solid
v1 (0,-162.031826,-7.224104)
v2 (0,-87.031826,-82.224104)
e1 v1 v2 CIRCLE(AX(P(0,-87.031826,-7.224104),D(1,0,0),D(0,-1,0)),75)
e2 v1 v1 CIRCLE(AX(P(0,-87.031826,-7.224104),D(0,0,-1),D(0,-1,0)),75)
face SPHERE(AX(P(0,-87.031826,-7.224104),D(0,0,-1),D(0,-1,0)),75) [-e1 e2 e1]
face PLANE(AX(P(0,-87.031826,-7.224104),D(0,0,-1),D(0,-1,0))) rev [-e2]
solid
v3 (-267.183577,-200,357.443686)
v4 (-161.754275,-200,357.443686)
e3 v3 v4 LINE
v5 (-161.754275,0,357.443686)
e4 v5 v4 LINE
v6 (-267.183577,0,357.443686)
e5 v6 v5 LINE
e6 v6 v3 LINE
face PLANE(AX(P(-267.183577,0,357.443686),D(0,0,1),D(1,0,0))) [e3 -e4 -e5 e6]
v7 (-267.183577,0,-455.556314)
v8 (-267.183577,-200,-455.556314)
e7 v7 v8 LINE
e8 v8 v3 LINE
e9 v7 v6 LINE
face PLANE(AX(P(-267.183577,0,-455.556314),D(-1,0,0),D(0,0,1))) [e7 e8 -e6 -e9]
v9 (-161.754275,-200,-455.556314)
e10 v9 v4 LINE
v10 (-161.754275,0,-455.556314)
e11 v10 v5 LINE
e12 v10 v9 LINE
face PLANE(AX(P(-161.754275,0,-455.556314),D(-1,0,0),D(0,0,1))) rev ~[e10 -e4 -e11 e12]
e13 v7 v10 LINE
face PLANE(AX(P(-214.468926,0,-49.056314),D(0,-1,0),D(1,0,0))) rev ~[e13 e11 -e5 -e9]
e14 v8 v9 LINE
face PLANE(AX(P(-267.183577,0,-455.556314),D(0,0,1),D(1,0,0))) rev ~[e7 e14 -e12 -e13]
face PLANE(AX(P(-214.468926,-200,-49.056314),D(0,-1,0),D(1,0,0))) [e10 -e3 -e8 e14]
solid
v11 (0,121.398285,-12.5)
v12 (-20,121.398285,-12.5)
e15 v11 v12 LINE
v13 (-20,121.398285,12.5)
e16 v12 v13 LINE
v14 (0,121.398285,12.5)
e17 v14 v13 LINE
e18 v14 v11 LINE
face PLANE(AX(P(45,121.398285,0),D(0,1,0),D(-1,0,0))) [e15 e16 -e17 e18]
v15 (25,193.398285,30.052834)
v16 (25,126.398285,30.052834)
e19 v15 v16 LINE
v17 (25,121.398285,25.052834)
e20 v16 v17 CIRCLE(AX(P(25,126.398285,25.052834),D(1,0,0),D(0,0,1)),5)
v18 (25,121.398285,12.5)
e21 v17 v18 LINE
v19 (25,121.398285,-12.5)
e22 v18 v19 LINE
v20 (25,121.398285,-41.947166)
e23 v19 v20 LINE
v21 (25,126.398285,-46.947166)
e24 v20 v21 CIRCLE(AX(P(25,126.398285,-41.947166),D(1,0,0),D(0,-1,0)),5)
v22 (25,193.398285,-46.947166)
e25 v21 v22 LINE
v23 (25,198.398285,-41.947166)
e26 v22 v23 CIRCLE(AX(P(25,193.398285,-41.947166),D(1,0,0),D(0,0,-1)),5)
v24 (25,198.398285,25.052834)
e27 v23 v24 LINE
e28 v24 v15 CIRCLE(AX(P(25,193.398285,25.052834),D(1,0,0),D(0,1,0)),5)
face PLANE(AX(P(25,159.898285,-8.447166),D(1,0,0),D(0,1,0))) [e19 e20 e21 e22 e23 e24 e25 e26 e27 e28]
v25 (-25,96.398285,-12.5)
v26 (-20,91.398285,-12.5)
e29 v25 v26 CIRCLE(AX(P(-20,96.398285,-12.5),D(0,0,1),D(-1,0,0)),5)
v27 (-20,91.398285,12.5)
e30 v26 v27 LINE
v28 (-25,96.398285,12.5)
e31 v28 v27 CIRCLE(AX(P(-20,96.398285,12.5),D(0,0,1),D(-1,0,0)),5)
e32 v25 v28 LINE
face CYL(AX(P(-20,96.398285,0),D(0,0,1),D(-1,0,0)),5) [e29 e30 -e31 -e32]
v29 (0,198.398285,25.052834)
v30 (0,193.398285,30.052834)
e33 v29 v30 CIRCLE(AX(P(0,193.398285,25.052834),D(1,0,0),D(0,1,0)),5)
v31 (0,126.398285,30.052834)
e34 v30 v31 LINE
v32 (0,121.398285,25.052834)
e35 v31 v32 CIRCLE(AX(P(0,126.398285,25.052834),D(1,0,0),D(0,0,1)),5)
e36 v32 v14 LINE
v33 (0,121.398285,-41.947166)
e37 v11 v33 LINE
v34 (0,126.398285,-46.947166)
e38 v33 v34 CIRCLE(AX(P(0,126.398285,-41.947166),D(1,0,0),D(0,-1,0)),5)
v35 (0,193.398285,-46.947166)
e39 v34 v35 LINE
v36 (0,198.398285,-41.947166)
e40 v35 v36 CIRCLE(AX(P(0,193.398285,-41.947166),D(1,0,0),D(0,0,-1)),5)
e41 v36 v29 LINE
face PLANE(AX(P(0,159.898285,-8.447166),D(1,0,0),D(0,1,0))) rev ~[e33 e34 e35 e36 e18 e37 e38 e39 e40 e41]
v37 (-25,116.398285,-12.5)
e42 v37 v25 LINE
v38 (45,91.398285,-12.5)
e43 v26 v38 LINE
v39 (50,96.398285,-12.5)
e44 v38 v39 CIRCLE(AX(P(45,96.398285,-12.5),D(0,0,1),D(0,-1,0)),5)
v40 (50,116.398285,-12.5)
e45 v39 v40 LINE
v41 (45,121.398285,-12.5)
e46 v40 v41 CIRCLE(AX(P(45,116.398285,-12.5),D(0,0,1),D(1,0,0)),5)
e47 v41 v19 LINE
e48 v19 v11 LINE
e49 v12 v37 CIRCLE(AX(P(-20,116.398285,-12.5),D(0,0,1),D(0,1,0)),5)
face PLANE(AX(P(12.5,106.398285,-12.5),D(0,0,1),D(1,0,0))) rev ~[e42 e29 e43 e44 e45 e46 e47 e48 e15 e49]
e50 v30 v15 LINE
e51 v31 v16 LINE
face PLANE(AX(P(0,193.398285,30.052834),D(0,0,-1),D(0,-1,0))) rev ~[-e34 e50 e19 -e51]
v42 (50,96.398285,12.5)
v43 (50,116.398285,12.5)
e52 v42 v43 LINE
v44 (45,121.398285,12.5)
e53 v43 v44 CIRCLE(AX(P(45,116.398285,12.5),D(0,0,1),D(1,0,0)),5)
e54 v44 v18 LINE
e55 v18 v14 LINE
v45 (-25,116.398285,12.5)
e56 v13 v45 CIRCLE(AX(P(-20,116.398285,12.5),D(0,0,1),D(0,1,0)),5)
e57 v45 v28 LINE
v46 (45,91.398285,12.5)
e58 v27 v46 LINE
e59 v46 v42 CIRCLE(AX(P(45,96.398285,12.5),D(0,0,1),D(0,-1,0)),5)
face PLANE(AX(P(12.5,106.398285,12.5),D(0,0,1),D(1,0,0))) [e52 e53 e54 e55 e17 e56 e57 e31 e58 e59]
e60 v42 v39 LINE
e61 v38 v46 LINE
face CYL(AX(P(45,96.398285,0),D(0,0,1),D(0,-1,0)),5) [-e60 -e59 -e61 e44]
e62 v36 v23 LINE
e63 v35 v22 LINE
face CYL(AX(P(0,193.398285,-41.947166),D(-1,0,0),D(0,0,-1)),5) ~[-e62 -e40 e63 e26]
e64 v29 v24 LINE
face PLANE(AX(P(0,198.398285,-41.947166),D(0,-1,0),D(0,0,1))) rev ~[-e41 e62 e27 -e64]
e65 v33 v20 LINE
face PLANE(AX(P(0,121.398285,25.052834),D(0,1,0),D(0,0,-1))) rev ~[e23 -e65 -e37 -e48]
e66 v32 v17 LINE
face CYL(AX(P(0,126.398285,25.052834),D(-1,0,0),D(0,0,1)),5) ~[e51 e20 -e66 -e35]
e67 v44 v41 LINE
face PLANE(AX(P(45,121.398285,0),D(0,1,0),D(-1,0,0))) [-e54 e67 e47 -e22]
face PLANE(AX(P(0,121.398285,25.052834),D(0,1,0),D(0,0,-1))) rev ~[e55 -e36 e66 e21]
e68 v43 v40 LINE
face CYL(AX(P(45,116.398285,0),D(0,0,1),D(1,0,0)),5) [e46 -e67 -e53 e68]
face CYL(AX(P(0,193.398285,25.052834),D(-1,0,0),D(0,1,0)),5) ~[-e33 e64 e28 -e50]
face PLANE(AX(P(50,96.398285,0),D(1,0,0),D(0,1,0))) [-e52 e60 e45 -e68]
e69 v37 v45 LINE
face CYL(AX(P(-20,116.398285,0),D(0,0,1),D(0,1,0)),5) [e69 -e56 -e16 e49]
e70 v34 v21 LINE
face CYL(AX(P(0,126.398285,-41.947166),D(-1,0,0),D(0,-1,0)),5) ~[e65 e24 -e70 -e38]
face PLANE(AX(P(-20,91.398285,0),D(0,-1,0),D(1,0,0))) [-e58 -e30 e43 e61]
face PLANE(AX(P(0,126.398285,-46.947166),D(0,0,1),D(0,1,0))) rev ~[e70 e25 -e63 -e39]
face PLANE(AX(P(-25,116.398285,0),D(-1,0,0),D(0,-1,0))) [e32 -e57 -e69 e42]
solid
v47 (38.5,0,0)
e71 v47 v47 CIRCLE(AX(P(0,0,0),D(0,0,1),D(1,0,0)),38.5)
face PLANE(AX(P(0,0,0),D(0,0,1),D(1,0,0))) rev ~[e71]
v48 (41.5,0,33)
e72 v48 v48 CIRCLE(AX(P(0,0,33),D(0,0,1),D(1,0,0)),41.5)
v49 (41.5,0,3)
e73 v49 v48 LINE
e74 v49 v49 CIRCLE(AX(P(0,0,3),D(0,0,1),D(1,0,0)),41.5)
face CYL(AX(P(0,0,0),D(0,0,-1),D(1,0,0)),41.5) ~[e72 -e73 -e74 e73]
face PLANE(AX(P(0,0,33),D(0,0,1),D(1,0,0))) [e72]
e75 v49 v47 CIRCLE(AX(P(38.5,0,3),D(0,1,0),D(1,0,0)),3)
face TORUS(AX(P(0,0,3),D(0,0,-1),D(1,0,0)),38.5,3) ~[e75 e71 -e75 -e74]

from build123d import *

# Parameters (mm, degrees)
F0_R      = 41.5
F1_DEPTH  = 33
F2_R      = 3
F6_DEPTH  = 25
F8_DEPTH  = 12.5
F9_W      = 105.4293025258
F9_H      = 813
F10_DEPTH = 200


with BuildPart() as f1:
    # F0 (on Top) → F1 (new body)
    with BuildSketch(Plane.XY):
        Circle(F0_R)
    extrude(amount=F1_DEPTH)

    # F2
    f2_edges = [f1.edges().sort_by_distance(p)[0] for p in [
        (-41.5, 0, 0),
    ]]
    fillet(f2_edges, radius=F2_R)


with BuildPart() as f4:
    # F3 (on Right) → F4 (revolve)
    with BuildSketch(Plane.YZ):
        with BuildLine():
            Line((-87.0318263769, -7.2241038071), (-162.0318263769, -7.2241038071))
            ThreePointArc((-162.0318263769, -7.2241038071), (-140.0648349659, -60.2571123961), (-87.0318263769, -82.2241038071))
            Line((-87.0318263769, -82.2241038071), (-87.0318263769, -7.2241038071))
        make_face()
    revolve(axis=Axis((0, -87.0318263769, -48.3713962131), (0, 0, -1)))


with BuildPart() as f6:
    # F5 (on Right) → F6 (new body)
    with BuildSketch(Plane.YZ):
        with BuildLine():
            Line((193.3982848227, 30.0528338702), (126.3982848227, 30.0528338702))
            ThreePointArc((126.3982848227, 30.0528338702), (122.8627509168, 28.5883677761), (121.3982848227, 25.0528338702))
            Line((121.3982848227, 25.0528338702), (121.3982848227, -41.9471661298))
            ThreePointArc((121.3982848227, -41.9471661298), (122.8627509168, -45.4827000357), (126.3982848227, -46.9471661298))
            Line((126.3982848227, -46.9471661298), (193.3982848227, -46.9471661298))
            ThreePointArc((193.3982848227, -46.9471661298), (196.9338187286, -45.4827000357), (198.3982848227, -41.9471661298))
            Line((198.3982848227, -41.9471661298), (198.3982848227, 25.0528338702))
            ThreePointArc((198.3982848227, 25.0528338702), (196.9338187286, 28.5883677761), (193.3982848227, 30.0528338702))
        make_face()
    extrude(amount=F6_DEPTH)

    # F7 (on Top) → F8 (join, symmetric)
    with BuildSketch(Plane.XY):
        with BuildLine():
            Line((45, 121.3982848227), (-20, 121.3982848227))
            ThreePointArc((-20, 121.3982848227), (-23.5355339059, 119.9338187286), (-25, 116.3982848227))
            Line((-25, 116.3982848227), (-25, 96.3982848227))
            ThreePointArc((-25, 96.3982848227), (-23.5355339059, 92.8627509168), (-20, 91.3982848227))
            Line((-20, 91.3982848227), (45, 91.3982848227))
            ThreePointArc((45, 91.3982848227), (48.5355339059, 92.8627509168), (50, 96.3982848227))
            Line((50, 96.3982848227), (50, 116.3982848227))
            ThreePointArc((50, 116.3982848227), (48.5355339059, 119.9338187286), (45, 121.3982848227))
        make_face()
    extrude(amount=F8_DEPTH, both=True)


with BuildPart() as f10:
    # F9 (on Front) → F10 (new body)
    with BuildSketch(Plane.XZ):
        with Locations((-214.4689261913, -49.0563139319)):
            Rectangle(F9_W, F9_H)
    extrude(amount=F10_DEPTH)


solid = Compound([f1.part, f4.part, f6.part, f10.part])
